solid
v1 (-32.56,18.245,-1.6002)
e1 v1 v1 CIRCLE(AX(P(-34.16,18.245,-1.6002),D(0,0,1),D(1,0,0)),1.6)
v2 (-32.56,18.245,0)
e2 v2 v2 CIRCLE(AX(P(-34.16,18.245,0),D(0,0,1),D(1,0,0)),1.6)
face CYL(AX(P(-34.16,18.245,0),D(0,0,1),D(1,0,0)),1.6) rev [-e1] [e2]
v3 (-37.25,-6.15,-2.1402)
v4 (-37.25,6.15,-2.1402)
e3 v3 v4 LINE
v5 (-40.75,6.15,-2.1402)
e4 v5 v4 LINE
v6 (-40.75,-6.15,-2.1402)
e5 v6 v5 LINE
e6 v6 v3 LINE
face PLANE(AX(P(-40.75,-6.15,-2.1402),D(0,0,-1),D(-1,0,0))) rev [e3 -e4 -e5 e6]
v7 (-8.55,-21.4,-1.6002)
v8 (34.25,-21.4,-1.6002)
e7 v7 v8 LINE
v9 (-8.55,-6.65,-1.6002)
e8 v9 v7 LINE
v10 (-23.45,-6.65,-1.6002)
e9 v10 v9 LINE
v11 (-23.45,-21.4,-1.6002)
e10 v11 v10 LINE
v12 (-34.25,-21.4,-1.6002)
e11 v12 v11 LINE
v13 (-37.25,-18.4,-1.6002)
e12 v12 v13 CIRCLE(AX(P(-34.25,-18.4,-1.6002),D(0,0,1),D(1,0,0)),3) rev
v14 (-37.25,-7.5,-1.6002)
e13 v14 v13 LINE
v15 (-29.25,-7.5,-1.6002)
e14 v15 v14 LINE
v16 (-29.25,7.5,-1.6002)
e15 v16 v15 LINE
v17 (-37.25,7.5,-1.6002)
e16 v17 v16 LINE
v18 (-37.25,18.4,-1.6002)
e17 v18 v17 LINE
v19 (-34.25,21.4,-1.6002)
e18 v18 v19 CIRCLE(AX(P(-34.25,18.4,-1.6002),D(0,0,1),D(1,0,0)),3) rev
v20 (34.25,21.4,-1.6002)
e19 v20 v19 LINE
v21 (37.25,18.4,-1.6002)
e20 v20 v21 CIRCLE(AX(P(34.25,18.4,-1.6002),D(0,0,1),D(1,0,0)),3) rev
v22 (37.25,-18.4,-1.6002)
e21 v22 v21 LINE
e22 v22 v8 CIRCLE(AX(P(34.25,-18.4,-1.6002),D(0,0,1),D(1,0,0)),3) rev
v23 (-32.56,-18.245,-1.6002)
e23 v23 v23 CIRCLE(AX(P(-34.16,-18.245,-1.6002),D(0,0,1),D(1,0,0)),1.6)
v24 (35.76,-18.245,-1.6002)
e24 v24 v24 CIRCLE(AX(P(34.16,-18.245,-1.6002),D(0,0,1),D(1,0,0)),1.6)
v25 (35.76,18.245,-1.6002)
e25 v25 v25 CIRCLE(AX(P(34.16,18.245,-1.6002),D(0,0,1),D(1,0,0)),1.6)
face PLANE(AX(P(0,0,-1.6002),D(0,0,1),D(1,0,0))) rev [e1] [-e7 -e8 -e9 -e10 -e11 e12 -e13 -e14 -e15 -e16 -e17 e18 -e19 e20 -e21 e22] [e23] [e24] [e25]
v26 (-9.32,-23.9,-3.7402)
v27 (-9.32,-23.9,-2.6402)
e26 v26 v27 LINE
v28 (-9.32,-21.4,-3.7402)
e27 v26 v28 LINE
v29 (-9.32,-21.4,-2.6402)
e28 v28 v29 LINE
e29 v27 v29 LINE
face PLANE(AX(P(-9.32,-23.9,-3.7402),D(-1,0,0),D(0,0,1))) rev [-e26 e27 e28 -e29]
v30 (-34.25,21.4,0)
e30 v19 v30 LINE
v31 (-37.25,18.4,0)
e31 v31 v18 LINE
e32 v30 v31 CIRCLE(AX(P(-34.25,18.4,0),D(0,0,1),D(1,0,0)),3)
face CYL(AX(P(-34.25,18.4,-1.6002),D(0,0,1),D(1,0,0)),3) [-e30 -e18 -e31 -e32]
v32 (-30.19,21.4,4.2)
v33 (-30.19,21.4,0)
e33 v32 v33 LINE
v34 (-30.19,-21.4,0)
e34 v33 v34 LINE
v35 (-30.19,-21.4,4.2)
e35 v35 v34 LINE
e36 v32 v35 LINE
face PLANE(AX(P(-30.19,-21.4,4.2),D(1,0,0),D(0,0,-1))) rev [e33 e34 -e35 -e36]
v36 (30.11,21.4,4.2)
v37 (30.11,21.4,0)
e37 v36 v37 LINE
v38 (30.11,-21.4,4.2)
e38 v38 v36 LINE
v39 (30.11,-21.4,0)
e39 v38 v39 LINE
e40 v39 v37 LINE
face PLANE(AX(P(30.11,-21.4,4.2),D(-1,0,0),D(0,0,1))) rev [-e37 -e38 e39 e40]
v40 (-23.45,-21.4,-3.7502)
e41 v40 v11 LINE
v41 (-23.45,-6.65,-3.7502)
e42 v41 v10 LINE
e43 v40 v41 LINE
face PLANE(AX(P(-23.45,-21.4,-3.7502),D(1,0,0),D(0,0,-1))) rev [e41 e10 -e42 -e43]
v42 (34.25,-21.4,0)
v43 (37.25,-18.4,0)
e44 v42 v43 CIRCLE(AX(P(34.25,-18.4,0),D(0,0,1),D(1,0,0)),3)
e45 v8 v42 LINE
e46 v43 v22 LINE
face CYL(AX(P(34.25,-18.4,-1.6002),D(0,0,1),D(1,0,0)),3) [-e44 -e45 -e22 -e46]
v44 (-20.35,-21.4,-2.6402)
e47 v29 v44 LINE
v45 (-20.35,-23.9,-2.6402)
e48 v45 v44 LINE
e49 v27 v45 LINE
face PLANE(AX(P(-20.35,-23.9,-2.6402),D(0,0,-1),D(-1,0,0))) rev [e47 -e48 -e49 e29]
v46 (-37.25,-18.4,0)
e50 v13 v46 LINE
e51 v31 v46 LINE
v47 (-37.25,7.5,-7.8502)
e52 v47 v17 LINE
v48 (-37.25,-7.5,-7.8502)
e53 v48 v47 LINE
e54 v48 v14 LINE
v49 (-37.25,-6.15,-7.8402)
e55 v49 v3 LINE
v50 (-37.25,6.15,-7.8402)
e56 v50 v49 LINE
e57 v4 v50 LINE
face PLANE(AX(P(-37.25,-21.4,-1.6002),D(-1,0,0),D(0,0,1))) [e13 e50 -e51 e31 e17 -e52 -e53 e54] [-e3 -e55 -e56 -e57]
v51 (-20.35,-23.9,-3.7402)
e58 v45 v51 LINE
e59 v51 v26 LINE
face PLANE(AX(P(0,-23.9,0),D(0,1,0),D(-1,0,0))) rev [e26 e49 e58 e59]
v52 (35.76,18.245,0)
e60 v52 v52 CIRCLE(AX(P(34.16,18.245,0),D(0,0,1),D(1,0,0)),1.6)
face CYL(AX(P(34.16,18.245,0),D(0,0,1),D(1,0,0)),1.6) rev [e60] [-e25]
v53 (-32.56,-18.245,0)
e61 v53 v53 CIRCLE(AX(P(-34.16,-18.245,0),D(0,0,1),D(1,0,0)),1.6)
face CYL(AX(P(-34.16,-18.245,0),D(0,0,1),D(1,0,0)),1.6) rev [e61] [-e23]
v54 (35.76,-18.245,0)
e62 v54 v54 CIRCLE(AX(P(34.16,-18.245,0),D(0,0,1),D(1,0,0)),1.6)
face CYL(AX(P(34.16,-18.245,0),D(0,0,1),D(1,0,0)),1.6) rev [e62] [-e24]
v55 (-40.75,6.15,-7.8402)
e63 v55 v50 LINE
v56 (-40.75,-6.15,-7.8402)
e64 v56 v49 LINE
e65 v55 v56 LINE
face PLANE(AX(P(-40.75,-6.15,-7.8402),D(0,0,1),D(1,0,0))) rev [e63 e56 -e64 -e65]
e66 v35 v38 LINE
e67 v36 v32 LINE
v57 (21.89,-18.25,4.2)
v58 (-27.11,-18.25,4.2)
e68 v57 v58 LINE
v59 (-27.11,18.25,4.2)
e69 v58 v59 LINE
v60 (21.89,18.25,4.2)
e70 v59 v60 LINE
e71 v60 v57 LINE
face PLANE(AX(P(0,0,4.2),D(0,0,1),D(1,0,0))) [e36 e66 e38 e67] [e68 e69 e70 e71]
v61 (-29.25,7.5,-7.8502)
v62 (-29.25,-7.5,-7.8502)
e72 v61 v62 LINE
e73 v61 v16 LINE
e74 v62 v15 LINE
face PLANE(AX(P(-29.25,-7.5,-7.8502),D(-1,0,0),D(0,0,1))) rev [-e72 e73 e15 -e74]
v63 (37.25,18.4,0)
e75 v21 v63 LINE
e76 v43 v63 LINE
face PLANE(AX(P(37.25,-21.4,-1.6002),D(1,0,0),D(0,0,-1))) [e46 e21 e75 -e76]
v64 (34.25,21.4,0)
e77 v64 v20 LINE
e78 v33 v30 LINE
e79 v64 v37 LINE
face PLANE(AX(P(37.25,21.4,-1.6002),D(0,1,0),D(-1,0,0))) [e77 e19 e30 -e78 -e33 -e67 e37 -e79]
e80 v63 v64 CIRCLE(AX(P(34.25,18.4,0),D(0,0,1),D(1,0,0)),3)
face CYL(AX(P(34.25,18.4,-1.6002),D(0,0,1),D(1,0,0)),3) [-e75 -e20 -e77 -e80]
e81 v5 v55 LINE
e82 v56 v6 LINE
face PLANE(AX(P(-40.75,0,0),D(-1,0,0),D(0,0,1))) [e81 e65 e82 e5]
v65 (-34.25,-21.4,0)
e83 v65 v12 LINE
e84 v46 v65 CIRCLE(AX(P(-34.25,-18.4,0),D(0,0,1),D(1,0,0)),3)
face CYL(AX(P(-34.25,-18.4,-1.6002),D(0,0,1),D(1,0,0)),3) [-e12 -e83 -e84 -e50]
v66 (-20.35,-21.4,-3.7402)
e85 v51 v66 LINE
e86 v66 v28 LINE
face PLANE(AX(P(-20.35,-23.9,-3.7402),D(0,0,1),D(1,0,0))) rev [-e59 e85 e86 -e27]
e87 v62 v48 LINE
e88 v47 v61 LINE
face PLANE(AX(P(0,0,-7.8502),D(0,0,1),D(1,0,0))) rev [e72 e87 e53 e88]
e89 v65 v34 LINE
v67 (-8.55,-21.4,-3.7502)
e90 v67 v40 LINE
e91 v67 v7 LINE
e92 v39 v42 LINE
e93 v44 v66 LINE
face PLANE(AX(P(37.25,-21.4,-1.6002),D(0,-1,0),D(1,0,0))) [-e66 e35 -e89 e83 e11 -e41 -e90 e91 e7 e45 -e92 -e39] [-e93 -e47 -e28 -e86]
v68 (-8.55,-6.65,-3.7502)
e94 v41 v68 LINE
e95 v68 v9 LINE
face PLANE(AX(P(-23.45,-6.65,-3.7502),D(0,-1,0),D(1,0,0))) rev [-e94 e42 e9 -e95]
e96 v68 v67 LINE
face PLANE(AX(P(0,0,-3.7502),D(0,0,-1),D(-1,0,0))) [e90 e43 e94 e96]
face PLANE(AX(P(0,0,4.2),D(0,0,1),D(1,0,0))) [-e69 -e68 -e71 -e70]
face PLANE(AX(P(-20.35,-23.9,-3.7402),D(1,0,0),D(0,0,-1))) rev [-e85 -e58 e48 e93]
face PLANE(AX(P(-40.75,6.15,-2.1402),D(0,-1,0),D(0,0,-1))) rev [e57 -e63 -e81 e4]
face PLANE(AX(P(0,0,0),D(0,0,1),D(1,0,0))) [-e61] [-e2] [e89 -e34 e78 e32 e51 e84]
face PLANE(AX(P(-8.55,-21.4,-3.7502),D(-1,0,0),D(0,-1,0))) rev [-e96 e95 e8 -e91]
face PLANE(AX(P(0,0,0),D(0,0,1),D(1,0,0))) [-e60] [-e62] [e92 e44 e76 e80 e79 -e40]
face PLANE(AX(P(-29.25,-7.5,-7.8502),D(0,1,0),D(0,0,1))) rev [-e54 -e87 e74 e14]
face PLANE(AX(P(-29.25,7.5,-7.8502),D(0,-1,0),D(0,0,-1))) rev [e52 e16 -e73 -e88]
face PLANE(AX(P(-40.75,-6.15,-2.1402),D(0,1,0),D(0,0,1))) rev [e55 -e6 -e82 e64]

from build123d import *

# Parameters (mm, degrees)
SKETCH1_W                  = 74.5
SKETCH1_H                  = 42.8
BOSS_EXTRUDE1_DEPTH        = 1.6002
SKETCH2_W                  = 60.3
SKETCH2_H                  = 42.8
BOSS_EXTRUDE2_DEPTH        = 4.2
F_3_2_3_2_DIAMETER_HOLE1_D = 3.2
FILLET1_R                  = 3
SKETCH6_W                  = 8
SKETCH6_H                  = 15
BOSS_EXTRUDE3_DEPTH        = 6.25
SKETCH7_W                  = 5.7
SKETCH7_H                  = 12.3
BOSS_EXTRUDE4_DEPTH        = 3.5
SKETCH8_W                  = 14.9
SKETCH8_H                  = 14.75
BOSS_EXTRUDE5_DEPTH        = 2.15
SKETCH9_W                  = 11.03
SKETCH9_H                  = 1.1
BOSS_EXTRUDE6_DEPTH        = 2.5


with BuildPart() as part:
    # Sketch1 → Boss-Extrude1 (new body)
    with BuildSketch(Plane.XY):
        Rectangle(SKETCH1_W, SKETCH1_H)
    extrude(amount=-BOSS_EXTRUDE1_DEPTH)

    # Sketch2 → Boss-Extrude2 (add)
    with BuildSketch(Plane.XY):
        with Locations((-0.04, 0)):
            Rectangle(SKETCH2_W, SKETCH2_H)
    extrude(amount=BOSS_EXTRUDE2_DEPTH)

    # Ø3.2 (3.2) Diameter Hole1 (through all)
    with Locations(Plane.XY):
        with Locations((-34.16, 18.245), (34.16, -18.245), (34.16, 18.245), (-34.16, -18.245)):
            Hole(F_3_2_3_2_DIAMETER_HOLE1_D / 2)

    # Fillet1
    fillet1_edges = [part.edges().sort_by_distance(p)[0] for p in [
        (37.25, 21.4, -0.8001),
        (37.25, -21.4, -0.8001),
        (-37.25, -21.4, -0.8001),
        (-37.25, 21.4, -0.8001),
    ]]
    fillet(fillet1_edges, radius=FILLET1_R)

    # Sketch6 → Boss-Extrude3 (add)
    with BuildSketch(Plane(origin=(0, 0, -1.6002), x_dir=(-1, 0, 0), z_dir=(0, 0, -1))):
        with Locations((33.25, 0)):
            Rectangle(SKETCH6_W, SKETCH6_H)
    extrude(amount=BOSS_EXTRUDE3_DEPTH)

    # Sketch7 → Boss-Extrude4 (add)
    with BuildSketch(Plane.ZY.offset(37.25)):
        with Locations((-4.9902, 0)):
            Rectangle(SKETCH7_W, SKETCH7_H)
    extrude(amount=BOSS_EXTRUDE4_DEPTH)

    # Sketch8 → Boss-Extrude5 (add)
    with BuildSketch(Plane(origin=(0, 0, -1.6002), x_dir=(-1, 0, 0), z_dir=(0, 0, -1))):
        with Locations((16, -14.025)):
            Rectangle(SKETCH8_W, SKETCH8_H)
    extrude(amount=BOSS_EXTRUDE5_DEPTH)

    # Sketch9 → Boss-Extrude6 (add)
    with BuildSketch(Plane.XZ.offset(21.4)):
        with Locations((-14.835, -3.1902)):
            Rectangle(SKETCH9_W, SKETCH9_H)
    extrude(amount=BOSS_EXTRUDE6_DEPTH)


solid = part.part
